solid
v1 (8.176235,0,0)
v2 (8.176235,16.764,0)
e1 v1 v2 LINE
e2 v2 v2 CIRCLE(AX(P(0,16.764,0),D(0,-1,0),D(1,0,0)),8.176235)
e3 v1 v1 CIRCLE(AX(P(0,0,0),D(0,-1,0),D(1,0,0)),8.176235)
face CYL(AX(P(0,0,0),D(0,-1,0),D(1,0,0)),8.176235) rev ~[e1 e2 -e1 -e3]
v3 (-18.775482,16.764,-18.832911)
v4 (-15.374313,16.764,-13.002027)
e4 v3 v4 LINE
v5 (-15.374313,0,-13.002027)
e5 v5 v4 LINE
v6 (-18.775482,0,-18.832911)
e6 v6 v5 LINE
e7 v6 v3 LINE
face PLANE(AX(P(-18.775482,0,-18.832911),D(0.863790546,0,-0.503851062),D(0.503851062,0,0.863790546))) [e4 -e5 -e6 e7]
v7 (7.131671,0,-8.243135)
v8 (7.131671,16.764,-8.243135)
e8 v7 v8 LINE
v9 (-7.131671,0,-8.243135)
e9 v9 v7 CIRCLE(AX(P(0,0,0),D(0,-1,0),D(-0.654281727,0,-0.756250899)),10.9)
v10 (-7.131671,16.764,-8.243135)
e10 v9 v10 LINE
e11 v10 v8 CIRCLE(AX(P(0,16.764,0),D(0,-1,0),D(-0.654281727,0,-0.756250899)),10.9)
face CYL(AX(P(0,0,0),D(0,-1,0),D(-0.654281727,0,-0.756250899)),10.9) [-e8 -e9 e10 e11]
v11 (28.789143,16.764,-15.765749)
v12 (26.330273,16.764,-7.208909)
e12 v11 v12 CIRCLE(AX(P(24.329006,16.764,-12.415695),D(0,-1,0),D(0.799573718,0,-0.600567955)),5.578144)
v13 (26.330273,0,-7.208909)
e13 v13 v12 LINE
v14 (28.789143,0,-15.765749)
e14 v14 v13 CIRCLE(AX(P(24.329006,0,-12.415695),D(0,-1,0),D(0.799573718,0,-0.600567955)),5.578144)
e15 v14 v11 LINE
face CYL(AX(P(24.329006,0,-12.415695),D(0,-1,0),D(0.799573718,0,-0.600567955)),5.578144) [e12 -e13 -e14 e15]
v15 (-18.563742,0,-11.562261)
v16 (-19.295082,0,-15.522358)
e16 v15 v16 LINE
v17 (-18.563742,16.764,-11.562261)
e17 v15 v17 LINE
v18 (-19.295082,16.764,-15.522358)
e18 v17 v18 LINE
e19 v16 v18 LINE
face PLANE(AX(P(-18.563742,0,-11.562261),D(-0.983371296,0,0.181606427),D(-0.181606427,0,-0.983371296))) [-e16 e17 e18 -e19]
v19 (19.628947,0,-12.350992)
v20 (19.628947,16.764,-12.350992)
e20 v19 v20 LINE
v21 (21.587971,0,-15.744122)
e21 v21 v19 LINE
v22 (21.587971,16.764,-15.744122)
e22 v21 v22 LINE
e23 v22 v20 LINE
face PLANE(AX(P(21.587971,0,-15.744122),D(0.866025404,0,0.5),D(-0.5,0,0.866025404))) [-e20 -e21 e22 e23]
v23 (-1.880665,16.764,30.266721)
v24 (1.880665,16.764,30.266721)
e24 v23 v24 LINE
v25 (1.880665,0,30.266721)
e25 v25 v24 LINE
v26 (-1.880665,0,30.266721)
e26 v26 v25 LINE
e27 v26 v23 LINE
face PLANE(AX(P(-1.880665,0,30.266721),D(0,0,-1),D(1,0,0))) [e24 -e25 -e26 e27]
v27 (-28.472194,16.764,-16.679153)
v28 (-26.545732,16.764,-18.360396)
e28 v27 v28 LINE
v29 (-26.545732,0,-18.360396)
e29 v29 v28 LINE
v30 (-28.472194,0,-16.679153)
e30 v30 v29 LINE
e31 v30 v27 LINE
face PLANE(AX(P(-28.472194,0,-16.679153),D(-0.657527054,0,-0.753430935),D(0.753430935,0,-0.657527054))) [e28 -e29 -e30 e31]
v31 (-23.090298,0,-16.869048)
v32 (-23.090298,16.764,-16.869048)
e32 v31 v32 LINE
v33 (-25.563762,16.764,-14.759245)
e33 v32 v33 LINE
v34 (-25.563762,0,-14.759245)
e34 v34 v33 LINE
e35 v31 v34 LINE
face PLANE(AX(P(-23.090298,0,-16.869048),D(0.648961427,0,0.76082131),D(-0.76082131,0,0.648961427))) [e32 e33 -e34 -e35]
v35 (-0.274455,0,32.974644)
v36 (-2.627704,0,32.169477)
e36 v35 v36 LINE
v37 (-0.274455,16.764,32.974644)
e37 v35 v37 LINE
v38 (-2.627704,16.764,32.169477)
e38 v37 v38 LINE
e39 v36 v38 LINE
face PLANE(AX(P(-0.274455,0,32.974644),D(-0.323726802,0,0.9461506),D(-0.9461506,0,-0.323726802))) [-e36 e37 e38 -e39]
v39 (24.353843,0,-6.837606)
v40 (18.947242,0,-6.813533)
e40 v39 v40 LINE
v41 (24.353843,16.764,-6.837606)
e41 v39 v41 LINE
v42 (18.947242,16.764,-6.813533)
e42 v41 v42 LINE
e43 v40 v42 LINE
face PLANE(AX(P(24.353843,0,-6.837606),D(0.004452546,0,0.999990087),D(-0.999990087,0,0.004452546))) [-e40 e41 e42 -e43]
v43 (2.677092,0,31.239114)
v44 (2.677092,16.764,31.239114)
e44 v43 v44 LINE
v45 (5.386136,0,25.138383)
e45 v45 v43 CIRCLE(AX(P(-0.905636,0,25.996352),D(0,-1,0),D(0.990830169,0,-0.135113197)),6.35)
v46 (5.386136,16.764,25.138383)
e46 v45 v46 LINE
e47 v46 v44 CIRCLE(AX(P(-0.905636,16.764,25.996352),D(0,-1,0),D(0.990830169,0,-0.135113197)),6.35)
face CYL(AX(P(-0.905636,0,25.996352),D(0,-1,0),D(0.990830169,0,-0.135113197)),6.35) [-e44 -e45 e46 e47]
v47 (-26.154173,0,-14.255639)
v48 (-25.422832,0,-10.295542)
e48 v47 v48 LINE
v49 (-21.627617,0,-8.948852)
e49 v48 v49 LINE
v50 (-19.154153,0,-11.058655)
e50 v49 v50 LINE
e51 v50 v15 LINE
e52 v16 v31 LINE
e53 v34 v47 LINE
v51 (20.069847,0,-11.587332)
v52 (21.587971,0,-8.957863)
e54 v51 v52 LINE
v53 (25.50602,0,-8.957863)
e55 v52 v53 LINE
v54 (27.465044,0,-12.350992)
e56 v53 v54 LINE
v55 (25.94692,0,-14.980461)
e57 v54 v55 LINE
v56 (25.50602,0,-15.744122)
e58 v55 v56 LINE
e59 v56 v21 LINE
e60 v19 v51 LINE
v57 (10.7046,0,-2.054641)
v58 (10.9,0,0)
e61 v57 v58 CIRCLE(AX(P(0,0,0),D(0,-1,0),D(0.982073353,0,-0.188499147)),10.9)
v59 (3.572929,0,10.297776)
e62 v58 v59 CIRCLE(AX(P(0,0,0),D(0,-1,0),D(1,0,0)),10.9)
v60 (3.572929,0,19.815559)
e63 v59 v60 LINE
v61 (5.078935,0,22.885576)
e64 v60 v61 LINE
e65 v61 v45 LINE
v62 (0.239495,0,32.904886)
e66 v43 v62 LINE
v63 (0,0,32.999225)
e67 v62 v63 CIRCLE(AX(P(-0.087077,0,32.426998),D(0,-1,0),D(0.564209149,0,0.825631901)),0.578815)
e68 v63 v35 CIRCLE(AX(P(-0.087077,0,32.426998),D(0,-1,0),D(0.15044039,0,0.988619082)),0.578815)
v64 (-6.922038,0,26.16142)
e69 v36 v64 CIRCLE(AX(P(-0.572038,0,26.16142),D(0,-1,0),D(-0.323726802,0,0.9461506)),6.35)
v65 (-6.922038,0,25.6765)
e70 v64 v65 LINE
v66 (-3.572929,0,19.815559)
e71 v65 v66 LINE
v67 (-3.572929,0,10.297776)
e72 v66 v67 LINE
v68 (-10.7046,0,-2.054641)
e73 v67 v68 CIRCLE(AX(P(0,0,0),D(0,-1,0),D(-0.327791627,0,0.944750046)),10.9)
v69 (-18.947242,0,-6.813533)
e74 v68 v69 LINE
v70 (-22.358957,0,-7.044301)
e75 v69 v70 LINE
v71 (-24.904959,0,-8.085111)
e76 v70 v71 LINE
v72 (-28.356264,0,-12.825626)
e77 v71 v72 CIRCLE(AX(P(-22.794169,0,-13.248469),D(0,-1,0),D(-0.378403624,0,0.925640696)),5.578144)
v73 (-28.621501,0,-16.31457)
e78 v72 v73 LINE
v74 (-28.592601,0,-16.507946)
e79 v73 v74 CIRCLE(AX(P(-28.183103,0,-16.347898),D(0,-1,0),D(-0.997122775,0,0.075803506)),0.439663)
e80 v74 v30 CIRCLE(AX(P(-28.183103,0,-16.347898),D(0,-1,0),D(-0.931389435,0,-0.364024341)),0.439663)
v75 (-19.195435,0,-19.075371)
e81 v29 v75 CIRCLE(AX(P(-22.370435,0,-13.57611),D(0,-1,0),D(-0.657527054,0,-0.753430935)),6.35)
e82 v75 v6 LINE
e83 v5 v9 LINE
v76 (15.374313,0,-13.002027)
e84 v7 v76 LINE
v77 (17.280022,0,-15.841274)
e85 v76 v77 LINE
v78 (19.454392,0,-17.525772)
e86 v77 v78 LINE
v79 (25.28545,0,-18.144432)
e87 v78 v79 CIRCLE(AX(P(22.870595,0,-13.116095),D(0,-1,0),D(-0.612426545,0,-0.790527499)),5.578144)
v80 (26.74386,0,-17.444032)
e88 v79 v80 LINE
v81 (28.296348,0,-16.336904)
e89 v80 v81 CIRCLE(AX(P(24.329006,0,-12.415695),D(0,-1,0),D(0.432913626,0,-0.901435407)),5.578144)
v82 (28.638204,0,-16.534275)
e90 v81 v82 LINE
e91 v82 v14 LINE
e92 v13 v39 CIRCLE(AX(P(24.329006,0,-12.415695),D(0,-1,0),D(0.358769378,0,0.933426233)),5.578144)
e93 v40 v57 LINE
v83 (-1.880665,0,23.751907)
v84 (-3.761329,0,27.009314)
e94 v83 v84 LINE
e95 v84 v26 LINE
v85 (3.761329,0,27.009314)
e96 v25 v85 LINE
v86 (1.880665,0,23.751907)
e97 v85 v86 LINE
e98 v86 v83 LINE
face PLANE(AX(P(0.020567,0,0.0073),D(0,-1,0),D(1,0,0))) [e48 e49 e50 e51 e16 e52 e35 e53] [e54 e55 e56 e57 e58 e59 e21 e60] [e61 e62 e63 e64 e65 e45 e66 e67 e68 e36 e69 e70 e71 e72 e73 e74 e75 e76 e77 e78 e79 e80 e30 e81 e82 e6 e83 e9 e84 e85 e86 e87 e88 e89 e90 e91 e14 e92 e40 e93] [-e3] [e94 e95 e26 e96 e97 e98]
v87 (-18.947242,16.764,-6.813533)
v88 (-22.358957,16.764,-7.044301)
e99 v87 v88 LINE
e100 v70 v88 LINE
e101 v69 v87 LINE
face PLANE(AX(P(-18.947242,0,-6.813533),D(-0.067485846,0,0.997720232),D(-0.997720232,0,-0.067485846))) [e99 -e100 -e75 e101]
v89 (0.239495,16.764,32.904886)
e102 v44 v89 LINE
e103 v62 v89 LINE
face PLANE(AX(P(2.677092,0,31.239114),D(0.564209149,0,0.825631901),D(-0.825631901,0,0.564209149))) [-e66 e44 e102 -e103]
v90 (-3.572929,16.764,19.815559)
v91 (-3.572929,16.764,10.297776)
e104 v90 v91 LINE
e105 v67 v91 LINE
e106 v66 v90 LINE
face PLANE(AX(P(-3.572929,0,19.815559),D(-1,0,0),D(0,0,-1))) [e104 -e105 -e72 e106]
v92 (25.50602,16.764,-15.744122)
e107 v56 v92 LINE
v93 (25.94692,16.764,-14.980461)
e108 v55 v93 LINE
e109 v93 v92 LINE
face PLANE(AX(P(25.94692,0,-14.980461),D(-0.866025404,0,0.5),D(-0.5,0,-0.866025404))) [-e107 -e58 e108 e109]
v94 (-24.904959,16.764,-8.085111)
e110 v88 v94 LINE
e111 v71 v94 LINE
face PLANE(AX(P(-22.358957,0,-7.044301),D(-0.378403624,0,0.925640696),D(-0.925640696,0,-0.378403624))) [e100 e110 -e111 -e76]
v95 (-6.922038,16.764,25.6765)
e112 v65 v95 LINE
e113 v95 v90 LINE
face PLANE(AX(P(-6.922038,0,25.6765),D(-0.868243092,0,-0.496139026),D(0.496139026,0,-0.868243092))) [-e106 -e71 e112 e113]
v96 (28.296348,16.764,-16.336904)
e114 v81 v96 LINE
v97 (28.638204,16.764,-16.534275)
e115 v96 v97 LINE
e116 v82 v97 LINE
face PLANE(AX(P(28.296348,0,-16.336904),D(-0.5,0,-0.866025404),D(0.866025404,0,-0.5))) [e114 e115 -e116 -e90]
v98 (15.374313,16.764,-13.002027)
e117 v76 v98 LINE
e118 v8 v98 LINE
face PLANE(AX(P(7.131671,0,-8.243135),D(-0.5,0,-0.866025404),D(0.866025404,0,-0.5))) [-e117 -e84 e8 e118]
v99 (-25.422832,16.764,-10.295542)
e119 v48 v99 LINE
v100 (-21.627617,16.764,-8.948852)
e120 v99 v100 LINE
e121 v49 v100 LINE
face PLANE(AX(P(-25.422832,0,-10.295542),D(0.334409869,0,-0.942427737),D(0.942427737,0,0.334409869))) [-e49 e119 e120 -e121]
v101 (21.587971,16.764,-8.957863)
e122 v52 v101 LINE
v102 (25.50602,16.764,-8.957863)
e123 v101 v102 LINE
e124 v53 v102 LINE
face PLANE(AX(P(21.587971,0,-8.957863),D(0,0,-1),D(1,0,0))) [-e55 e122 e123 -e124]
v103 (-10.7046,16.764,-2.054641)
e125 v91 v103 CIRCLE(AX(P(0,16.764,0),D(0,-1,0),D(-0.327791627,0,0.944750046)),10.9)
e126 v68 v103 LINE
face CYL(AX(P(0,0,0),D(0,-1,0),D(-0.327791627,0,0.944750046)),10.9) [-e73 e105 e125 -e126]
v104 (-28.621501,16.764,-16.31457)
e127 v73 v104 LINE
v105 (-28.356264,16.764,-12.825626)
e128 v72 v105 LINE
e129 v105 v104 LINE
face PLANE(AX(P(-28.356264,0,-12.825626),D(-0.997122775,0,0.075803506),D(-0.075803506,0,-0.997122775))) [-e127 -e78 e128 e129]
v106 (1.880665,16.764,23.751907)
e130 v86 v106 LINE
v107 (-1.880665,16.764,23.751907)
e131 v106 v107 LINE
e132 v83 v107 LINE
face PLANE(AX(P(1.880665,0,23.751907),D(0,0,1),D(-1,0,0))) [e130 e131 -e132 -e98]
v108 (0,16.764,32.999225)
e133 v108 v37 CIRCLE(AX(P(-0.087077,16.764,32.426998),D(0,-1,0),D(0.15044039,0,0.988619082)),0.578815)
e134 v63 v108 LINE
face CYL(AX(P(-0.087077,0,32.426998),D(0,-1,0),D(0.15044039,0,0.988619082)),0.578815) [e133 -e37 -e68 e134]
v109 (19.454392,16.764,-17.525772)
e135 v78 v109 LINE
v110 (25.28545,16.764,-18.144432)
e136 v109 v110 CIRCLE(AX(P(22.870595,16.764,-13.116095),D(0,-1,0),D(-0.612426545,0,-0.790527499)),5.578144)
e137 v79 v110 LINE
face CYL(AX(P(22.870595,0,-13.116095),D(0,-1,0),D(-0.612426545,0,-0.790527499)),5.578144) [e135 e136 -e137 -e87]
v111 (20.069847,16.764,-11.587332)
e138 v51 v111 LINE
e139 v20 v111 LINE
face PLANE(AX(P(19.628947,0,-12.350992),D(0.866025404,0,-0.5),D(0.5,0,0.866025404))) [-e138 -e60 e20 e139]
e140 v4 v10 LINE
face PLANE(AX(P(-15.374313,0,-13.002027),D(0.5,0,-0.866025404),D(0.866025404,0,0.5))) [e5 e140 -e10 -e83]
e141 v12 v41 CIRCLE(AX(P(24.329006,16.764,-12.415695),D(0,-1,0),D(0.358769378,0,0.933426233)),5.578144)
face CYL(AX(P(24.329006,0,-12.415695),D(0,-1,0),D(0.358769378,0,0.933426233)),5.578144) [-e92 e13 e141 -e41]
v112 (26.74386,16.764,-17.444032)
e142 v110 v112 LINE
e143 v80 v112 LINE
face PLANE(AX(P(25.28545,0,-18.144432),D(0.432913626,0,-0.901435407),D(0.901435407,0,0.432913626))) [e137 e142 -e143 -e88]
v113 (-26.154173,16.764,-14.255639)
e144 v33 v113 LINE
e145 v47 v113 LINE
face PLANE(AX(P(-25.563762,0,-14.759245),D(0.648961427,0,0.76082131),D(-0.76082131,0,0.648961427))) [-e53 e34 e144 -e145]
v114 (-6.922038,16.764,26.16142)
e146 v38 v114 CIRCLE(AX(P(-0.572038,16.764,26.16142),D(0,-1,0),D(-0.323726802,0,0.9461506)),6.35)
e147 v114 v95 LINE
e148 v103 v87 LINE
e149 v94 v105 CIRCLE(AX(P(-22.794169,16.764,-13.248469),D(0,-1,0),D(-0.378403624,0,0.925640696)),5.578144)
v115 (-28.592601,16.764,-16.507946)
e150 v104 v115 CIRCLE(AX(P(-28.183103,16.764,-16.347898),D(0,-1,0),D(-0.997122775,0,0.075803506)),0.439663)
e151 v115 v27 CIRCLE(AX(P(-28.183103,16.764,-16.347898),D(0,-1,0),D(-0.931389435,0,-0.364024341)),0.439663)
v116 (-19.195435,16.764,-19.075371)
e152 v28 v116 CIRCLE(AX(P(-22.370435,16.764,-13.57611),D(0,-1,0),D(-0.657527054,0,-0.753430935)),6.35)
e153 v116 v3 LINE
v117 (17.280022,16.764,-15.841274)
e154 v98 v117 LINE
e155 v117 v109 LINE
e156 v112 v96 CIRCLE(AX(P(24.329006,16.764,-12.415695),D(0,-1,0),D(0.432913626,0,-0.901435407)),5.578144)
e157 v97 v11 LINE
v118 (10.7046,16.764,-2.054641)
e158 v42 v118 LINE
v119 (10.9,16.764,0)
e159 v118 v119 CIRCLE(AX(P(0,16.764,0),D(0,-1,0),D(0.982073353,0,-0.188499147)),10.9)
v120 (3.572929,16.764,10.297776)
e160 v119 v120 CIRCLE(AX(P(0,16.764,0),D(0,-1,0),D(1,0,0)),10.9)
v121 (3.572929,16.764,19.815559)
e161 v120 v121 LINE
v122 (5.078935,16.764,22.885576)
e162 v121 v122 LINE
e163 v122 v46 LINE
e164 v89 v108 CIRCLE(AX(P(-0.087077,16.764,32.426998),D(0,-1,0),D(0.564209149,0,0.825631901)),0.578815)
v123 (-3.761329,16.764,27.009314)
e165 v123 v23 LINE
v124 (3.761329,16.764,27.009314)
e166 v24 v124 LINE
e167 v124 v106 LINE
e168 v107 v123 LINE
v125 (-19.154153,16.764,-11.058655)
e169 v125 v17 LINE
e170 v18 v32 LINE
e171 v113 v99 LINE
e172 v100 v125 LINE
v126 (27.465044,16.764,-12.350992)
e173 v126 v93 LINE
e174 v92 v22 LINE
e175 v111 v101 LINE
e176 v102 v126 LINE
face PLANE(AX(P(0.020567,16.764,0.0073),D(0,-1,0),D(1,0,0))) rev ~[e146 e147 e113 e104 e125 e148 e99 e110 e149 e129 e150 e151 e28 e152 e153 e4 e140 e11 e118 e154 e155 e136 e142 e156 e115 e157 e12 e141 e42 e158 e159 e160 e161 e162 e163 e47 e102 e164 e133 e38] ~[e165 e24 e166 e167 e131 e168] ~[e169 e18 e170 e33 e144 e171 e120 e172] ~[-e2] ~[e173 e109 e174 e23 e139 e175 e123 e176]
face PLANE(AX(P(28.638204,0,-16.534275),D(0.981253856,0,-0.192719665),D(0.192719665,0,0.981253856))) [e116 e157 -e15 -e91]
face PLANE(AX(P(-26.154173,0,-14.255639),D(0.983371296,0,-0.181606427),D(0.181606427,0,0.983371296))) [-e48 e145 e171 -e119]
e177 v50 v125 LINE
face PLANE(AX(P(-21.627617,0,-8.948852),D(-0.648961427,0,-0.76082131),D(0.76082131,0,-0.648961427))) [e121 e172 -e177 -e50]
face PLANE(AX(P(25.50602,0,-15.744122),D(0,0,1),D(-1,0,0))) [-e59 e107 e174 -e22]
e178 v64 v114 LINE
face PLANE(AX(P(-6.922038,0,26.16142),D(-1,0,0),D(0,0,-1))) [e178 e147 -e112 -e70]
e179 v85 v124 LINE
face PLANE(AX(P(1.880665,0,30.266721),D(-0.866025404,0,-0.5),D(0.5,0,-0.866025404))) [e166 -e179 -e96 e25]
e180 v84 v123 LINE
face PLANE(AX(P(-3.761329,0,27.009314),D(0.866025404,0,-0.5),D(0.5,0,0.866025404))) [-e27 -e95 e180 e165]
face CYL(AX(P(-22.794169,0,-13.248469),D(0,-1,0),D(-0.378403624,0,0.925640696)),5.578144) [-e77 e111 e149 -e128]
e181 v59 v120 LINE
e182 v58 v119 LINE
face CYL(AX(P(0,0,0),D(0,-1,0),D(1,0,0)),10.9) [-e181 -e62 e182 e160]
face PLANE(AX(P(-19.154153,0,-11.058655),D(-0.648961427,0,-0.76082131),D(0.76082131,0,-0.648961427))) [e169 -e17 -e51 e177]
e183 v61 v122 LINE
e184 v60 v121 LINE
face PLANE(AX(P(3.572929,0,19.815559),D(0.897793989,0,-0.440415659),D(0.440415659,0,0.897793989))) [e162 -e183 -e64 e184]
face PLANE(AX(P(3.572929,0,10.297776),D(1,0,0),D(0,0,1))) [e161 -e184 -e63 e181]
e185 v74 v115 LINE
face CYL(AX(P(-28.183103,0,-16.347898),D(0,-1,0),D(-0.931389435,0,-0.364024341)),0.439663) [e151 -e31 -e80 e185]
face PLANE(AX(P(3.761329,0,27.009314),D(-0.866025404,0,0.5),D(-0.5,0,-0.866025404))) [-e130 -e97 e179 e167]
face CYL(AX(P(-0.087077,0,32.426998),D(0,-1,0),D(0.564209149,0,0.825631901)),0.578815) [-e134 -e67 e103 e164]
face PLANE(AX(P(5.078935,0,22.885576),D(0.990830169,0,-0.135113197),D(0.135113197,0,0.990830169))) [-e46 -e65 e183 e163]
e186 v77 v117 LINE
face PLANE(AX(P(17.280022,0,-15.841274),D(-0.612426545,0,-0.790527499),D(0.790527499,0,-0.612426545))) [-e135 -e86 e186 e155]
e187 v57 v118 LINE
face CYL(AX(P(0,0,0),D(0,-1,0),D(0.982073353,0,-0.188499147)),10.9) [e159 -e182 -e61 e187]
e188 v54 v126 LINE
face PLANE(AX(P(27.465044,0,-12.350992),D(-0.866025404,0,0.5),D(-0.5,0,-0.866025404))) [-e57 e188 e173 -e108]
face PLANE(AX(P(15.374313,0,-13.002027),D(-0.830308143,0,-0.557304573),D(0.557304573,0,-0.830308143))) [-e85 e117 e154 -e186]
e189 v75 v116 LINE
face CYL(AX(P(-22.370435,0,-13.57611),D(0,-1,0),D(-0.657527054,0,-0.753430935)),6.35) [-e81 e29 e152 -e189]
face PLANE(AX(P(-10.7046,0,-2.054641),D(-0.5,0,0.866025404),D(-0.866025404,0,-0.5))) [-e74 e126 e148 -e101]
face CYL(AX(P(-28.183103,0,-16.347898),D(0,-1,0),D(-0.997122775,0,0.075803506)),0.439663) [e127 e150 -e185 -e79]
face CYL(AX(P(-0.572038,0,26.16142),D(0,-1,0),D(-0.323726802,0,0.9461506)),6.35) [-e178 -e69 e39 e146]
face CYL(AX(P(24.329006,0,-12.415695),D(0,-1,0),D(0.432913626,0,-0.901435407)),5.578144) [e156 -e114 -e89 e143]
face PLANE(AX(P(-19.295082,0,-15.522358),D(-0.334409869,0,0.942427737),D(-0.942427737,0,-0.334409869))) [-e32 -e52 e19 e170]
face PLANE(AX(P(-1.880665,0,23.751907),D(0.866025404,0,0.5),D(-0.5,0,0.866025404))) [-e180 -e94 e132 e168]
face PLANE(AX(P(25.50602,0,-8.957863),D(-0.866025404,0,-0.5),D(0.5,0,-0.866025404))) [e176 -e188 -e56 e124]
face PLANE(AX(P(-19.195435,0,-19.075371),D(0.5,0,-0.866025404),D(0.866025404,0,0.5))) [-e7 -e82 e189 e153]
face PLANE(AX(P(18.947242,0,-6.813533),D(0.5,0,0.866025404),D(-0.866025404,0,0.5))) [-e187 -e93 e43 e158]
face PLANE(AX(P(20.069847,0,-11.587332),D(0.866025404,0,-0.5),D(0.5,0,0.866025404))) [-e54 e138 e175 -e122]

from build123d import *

# Parameters (mm, degrees)
F0_R     = 8.1762348774
F1_DEPTH = 16.764


with BuildPart() as f1:
    # F0 (on Front) → F1 (new body)
    with BuildSketch(Plane.XZ):
        with BuildLine():
            ThreePointArc((10.7045995524, -2.0546407042), (10.8510399299, -1.0319556383), (10.9, 0))
            ThreePointArc((10.9, 0), (8.8812984176, 6.3192197633), (3.5729287307, 10.2977755018))
            ThreePointArc((3.5729287307, 10.2977755018), (0, 10.9), (-3.5729287307, 10.2977755018))
            ThreePointArc((-3.5729287307, 10.2977755018), (-9.4396769013, 5.45), (-10.7045995524, -2.0546407042))
            ThreePointArc((-10.7045995524, -2.0546407042), (-9.4396769013, -5.45), (-7.1316708216, -8.2431347976))
            ThreePointArc((-7.1316708216, -8.2431347976), (0, -10.9), (7.1316708216, -8.2431347976))
            ThreePointArc((7.1316708216, -8.2431347976), (9.4396769013, -5.45), (10.7045995524, -2.0546407042))
        make_face()
        Circle(F0_R, mode=Mode.SUBTRACT)
        with BuildLine():
            ThreePointArc((-3.5729287307, 10.2977755018), (0, 10.9), (3.5729287307, 10.2977755018))
            Line((3.5729287307, 10.2977755018), (3.5729287307, 19.8155592292))
            Line((3.5729287307, 19.8155592292), (5.078934896, 22.8855756019))
            Line((5.078934896, 22.8855756019), (5.3861358478, 25.1383827151))
            ThreePointArc((5.3861358478, 25.1383827151), (4.8979120469, 28.5734299473), (2.6770923706, 31.239114087))
            Line((2.6770923706, 31.239114087), (0.2394953625, 32.9048861241))
            ThreePointArc((0.2394953625, 32.9048861241), (0.1250583953, 32.9655378852), (0, 32.9992254696))
            ThreePointArc((0, 32.9992254696), (-0.1387115468, 33.0035052248), (-0.2744548515, 32.9746440958))
            Line((-0.2744548515, 32.9746440958), (-2.6277035917, 32.1694766202))
            ThreePointArc((-2.6277035917, 32.1694766202), (-5.7380801108, 29.853914456), (-6.9220383964, 26.1614203118))
            Line((-6.9220383964, 26.1614203118), (-6.9220383964, 25.6764997761))
            Line((-6.9220383964, 25.6764997761), (-3.5729287307, 19.8155592292))
            Line((-3.5729287307, 19.8155592292), (-3.5729287307, 10.2977755018))
        make_face()
        Polygon((-1.8806647364, 30.2667208016), (0, 30.2667208016), (1.8806647364, 30.2667208016), (3.7613294728, 27.0093139261), (1.8806647364, 23.7519070506), (0, 23.7519070506), (-1.8806647364, 23.7519070506), (-3.7613294728, 27.0093139261), align=None, mode=Mode.SUBTRACT)
        with BuildLine():
            Line((18.947242048, -6.8135325679), (10.7045995524, -2.0546407042))
            ThreePointArc((10.7045995524, -2.0546407042), (9.4396769013, -5.45), (7.1316708216, -8.2431347976))
            Line((7.1316708216, -8.2431347976), (15.3743133173, -13.0020266613))
            Line((15.3743133173, -13.0020266613), (17.2800224035, -15.8412744451))
            Line((17.2800224035, -15.8412744451), (19.4543915529, -17.5257716809))
            ThreePointArc((19.4543915529, -17.5257716809), (22.2820714904, -18.6631064405), (25.2854497533, -18.1444319823))
            Line((25.2854497533, -18.1444319823), (26.7438602666, -17.4440315112))
            ThreePointArc((26.7438602666, -17.4440315112), (27.5677621083, -16.9572968799), (28.2963483866, -16.3369043581))
            ThreePointArc((28.2963483866, -16.3369043581), (28.5524118785, -16.0596668899), (28.7891431297, -15.7657494859))
            Line((28.7891431297, -15.7657494859), (29.2797580155, -13.2677285991))
            ThreePointArc((29.2797580155, -13.2677285991), (28.8843269769, -9.8844337919), (26.595254614, -7.3618959476))
            Line((26.595254614, -7.3618959476), (26.3302729622, -7.2089087196))
            ThreePointArc((26.3302729622, -7.2089087196), (25.3589284831, -6.933455194), (24.3538425846, -6.8376059446))
            Line((24.3538425846, -6.8376059446), (18.947242048, -6.8135325679))
        make_face()
        Polygon((25.9469195413, -14.9804609818), (25.5060197939, -15.7441217452), (21.5879713963, -15.7441217452), (19.6289471975, -12.3509922996), (20.0698469448, -11.5873315362), (21.5879713963, -8.957862854), (25.5060197939, -8.957862854), (27.4650439927, -12.3509922996), align=None, mode=Mode.SUBTRACT)
        with BuildLine():
            ThreePointArc((-7.1316708216, -8.2431347976), (-9.4396769013, -5.45), (-10.7045995524, -2.0546407042))
            Line((-10.7045995524, -2.0546407042), (-18.947242048, -6.8135325679))
            Line((-18.947242048, -6.8135325679), (-22.3589572995, -7.0443011568))
            Line((-22.3589572995, -7.0443011568), (-24.904959273, -8.0851114596))
            ThreePointArc((-24.904959273, -8.0851114596), (-27.3037600362, -9.9652867393), (-28.3562639105, -12.8256258414))
            Line((-28.3562639105, -12.8256258414), (-28.621501234, -16.3145697088))
            ThreePointArc((-28.621501234, -16.3145697088), (-28.6179368344, -16.4128846333), (-28.5926007189, -16.5079457219))
            ThreePointArc((-28.5926007189, -16.5079457219), (-28.5427339525, -16.6008192319), (-28.4721935743, -16.6791533769))
            Line((-28.4721935743, -16.6791533769), (-26.5457321837, -18.3603963741))
            ThreePointArc((-26.5457321837, -18.3603963741), (-22.9852082659, -19.8962803729), (-19.1954353909, -19.0753712531))
            Line((-19.1954353909, -19.0753712531), (-18.7754818882, -18.8329109853))
            Line((-18.7754818882, -18.8329109853), (-15.3743133173, -13.0020266613))
            Line((-15.3743133173, -13.0020266613), (-7.1316708216, -8.2431347976))
        make_face()
        Polygon((-19.1541526712, -11.0586552008), (-18.5637420285, -11.5622606176), (-19.2950824343, -15.5223581541), (-23.0902977052, -16.8690475522), (-25.5637619278, -14.7592448305), (-26.1541725704, -14.2556394138), (-25.4228321647, -10.2955418772), (-21.6276168938, -8.9488524791), align=None, mode=Mode.SUBTRACT)
        with BuildLine():
            ThreePointArc((28.7891431297, -15.7657494859), (29.6901919838, -10.8751191131), (26.3302729622, -7.2089087196))
            Line((26.3302729622, -7.2089087196), (26.595254614, -7.3618959476))
            ThreePointArc((26.595254614, -7.3618959476), (28.8843269769, -9.8844337919), (29.2797580155, -13.2677285991))
            Line((29.2797580155, -13.2677285991), (28.7891431297, -15.7657494859))
        make_face()
        with BuildLine():
            Line((28.6382036926, -16.534274611), (28.7891431297, -15.7657494859))
            ThreePointArc((28.7891431297, -15.7657494859), (28.5524118785, -16.0596668899), (28.2963483866, -16.3369043581))
            Line((28.2963483866, -16.3369043581), (28.6382036926, -16.534274611))
        make_face()
    extrude(amount=-F1_DEPTH)


solid = f1.part
